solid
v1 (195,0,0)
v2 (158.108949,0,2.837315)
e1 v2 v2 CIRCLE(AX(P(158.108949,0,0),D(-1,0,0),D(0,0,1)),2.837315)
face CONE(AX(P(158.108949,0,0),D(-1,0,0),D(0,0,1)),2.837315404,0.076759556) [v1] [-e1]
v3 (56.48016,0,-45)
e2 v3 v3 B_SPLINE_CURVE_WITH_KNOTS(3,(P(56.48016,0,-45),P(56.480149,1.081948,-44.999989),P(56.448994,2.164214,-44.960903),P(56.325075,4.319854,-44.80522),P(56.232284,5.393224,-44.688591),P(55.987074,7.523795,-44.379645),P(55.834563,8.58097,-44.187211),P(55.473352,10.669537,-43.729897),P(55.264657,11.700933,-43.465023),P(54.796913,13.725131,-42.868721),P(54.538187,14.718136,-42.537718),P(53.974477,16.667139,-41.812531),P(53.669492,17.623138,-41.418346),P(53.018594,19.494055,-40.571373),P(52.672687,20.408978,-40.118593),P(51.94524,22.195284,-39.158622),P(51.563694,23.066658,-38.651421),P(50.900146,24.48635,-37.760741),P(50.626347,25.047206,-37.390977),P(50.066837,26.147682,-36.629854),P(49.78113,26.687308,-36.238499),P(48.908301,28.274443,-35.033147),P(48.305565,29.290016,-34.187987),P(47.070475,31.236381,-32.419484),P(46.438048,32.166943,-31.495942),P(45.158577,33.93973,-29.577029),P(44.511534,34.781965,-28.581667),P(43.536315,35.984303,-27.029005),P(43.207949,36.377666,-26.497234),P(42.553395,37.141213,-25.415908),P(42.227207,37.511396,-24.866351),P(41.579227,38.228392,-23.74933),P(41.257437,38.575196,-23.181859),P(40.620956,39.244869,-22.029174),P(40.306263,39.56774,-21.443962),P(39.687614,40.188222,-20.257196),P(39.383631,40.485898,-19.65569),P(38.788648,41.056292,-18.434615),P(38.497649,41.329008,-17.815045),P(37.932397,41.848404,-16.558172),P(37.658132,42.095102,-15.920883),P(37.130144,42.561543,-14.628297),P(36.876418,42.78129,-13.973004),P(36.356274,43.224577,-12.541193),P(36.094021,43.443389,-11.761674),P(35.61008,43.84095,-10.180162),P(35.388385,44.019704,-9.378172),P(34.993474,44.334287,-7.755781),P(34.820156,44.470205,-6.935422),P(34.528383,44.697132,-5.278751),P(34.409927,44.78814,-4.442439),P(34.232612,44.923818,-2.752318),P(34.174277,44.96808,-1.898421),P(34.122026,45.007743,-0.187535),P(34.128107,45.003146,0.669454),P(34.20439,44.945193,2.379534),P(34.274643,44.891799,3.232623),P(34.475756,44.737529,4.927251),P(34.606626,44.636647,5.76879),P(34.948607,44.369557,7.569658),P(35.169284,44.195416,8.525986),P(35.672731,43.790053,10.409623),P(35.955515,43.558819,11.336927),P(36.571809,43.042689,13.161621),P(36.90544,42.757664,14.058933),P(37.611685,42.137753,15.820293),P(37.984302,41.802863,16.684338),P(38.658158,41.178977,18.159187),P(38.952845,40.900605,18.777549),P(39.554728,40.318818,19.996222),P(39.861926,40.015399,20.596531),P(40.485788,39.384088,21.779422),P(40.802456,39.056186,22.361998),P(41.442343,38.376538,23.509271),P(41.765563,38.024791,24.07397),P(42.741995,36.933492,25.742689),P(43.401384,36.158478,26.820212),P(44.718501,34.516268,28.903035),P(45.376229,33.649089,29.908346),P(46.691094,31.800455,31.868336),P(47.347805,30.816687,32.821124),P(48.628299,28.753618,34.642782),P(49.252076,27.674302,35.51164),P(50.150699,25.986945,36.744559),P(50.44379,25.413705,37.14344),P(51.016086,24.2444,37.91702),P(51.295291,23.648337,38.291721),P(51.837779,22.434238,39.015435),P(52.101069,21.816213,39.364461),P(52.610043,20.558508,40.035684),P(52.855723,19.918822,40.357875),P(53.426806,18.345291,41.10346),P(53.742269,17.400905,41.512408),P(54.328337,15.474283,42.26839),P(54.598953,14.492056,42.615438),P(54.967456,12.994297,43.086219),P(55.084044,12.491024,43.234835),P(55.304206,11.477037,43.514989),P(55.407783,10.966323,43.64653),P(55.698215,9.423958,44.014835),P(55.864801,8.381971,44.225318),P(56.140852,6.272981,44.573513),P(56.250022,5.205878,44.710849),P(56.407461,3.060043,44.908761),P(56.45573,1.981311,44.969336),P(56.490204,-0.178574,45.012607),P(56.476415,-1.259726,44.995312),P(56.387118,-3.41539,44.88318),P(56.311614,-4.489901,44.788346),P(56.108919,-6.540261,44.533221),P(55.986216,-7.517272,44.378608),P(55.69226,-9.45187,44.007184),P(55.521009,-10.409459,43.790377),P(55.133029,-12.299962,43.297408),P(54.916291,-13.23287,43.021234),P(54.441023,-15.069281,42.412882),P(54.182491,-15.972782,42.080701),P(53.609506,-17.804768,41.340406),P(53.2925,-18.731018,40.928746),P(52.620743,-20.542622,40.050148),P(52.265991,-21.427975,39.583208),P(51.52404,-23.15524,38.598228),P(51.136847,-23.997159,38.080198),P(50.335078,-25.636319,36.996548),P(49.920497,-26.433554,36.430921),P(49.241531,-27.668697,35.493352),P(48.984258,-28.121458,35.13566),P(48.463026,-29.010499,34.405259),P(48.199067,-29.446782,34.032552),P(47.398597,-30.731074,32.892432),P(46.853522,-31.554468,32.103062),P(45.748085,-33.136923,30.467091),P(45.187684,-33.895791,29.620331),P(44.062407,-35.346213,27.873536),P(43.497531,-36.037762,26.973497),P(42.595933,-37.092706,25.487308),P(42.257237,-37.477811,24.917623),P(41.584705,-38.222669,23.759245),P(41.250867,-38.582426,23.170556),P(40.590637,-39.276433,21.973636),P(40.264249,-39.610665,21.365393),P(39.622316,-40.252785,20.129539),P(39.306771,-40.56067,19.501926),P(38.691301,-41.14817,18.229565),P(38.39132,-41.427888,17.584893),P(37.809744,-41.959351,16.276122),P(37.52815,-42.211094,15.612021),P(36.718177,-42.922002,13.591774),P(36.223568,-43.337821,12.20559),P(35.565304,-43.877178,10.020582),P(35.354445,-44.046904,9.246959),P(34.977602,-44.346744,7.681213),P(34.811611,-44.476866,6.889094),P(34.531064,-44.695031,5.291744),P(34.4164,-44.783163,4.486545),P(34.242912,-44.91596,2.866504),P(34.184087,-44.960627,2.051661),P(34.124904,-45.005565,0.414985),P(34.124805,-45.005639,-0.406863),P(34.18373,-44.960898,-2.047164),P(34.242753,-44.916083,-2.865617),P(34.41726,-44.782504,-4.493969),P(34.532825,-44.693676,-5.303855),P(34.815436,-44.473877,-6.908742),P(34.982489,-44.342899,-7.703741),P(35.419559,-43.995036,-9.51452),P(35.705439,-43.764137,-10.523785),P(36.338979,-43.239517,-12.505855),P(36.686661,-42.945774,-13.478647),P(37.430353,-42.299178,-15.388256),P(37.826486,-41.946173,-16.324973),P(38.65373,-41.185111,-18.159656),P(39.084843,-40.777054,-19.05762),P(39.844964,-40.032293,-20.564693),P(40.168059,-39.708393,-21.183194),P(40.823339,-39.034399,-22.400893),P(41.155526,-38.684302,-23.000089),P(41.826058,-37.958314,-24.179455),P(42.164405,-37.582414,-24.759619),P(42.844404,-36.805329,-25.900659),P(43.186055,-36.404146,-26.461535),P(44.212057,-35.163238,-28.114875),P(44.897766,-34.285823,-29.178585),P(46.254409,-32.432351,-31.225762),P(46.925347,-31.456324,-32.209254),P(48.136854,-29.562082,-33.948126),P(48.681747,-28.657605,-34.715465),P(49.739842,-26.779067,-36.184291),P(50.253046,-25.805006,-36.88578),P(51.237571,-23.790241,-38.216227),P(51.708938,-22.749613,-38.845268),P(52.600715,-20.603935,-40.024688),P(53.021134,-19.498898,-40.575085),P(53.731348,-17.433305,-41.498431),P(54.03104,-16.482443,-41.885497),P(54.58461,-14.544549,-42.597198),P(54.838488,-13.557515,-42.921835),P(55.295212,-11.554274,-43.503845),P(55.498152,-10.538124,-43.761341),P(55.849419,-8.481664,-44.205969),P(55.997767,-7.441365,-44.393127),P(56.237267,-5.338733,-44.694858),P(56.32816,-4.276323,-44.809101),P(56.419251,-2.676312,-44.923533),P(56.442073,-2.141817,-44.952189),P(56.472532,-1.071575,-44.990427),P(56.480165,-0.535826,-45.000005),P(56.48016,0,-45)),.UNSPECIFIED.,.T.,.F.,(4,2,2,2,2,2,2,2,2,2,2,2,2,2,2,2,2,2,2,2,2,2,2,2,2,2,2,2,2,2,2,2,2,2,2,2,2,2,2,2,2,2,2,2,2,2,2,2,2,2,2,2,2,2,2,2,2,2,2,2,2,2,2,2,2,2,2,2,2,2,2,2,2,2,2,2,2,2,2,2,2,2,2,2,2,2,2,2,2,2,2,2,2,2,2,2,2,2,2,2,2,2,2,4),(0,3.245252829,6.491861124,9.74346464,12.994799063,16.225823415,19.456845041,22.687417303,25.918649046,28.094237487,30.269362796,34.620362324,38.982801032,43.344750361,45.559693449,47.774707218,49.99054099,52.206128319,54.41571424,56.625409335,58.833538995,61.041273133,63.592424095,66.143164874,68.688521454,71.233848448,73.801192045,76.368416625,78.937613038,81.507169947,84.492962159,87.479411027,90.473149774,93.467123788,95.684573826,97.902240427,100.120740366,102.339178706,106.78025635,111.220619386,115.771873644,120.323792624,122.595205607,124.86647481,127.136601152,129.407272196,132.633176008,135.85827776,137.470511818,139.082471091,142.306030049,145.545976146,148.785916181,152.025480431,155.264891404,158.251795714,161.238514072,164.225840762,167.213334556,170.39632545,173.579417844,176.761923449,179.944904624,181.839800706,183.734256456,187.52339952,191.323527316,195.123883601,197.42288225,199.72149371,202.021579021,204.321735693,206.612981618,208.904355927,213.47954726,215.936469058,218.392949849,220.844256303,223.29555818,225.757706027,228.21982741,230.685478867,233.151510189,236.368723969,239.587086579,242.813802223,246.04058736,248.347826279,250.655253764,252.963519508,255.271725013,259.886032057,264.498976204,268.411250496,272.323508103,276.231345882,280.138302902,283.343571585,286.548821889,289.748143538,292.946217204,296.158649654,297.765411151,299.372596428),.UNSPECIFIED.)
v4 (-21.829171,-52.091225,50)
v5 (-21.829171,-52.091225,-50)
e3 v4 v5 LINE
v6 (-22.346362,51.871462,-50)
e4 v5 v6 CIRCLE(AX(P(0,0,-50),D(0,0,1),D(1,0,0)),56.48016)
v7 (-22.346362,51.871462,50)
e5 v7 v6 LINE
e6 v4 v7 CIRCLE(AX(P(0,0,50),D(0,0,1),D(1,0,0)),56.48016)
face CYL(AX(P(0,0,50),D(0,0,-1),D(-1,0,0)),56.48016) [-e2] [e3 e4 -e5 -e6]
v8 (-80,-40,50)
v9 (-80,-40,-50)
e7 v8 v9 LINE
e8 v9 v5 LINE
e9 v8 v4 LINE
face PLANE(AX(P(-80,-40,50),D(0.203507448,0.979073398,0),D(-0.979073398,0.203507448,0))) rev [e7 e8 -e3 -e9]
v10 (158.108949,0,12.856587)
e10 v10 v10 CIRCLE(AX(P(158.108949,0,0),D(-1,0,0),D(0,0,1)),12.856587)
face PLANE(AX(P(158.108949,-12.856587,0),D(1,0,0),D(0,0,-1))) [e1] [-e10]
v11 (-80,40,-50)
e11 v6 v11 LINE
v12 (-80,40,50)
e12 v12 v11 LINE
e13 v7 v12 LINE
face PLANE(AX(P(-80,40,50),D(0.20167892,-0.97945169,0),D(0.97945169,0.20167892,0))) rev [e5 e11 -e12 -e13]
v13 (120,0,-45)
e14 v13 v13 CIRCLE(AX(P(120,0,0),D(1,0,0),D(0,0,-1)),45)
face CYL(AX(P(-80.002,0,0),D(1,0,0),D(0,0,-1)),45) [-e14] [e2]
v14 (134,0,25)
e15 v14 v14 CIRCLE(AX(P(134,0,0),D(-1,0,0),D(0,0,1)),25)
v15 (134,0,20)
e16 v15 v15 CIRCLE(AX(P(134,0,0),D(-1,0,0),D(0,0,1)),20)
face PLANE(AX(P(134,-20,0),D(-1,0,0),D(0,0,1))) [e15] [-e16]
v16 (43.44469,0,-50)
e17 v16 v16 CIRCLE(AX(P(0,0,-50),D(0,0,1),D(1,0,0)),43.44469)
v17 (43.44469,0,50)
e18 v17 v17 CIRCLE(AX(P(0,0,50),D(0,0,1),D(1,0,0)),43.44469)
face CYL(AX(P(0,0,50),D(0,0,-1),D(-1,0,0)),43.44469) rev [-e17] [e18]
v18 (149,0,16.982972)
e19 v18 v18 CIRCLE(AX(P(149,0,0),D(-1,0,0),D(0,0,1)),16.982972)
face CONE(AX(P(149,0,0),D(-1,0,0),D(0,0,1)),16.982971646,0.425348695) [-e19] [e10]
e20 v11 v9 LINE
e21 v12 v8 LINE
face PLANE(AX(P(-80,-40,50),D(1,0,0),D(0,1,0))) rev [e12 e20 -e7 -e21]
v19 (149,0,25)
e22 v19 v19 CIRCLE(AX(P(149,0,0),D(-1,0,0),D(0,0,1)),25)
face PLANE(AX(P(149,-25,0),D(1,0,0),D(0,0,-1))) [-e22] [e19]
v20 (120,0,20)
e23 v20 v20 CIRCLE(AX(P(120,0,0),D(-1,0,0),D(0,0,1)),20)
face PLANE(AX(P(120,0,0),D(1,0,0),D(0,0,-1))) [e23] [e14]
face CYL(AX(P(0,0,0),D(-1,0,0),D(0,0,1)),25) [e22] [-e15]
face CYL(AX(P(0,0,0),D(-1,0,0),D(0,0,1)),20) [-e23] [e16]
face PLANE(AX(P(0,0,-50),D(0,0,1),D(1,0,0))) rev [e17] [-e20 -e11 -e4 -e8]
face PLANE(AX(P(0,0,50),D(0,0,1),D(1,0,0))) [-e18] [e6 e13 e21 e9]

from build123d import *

# Parameters (mm, degrees)
SKETCH2_R                = 43.44469048
BOSS_EXTRUDE1_DEPTH      = 50
BOSS_EXTRUDE2_REACH      = 215.752
BOSS_EXTRUDE2_END_RADIUS = 56.480159791
SKETCH3_R                = 45


with BuildPart() as part:
    # Sketch2 → Boss-Extrude1 (new, symmetric)
    with BuildSketch(Plane.XY):
        with BuildLine():
            Line((-80, -40), (-80, 40))
            Line((-80, 40), (-22.346361777, 51.871461955))
            ThreePointArc((-22.346361777, 51.871461955), (56.479460907, 0.280972569), (-21.829170875, -52.091225258))
            Line((-21.829170875, -52.091225258), (-80, -40))
        make_face()
        Circle(SKETCH2_R, mode=Mode.SUBTRACT)
    extrude(amount=BOSS_EXTRUDE1_DEPTH, both=True)

    # Boss-Extrude2: up to this cylinder (the profile starts outside it)
    boss_extrude2_end = Plane(origin=(0, 0, 0), z_dir=(0, 0, -1)) * Cylinder(BOSS_EXTRUDE2_END_RADIUS, 545.464319581, mode=Mode.PRIVATE)
    # Sketch3 → Boss-Extrude2 (add, up to the surface)
    with BuildSketch(Plane(origin=(120, 0, 0), x_dir=(0, 0, -1), z_dir=(1, 0, 0)), mode=Mode.PRIVATE) as boss_extrude2_sk1:
        Circle(SKETCH3_R)
    boss_extrude2_tool1 = extrude(boss_extrude2_sk1.sketch, amount=-BOSS_EXTRUDE2_REACH, mode=Mode.PRIVATE) - boss_extrude2_end
    add(boss_extrude2_tool1.solids().sort_by_distance((120, 0, 0))[0])

    # Sketch4 → Revolve1 (revolve)
    with BuildSketch(Plane.XY, mode=Mode.PRIVATE) as revolve1_sk:
        Polygon((120, 0), (120, -20), (134, -20), (134, -25), (149, -25), (149, -16.982971646), (158.108949035, -12.856587336), (158.108949035, -2.837315404), (195, 0), align=None)
    revolve(revolve1_sk.sketch.rotate(Axis((0, 0, 0), (1, 0, 0)), 270), axis=Axis((0, 0, 0), (1, 0, 0)))


solid = part.part
